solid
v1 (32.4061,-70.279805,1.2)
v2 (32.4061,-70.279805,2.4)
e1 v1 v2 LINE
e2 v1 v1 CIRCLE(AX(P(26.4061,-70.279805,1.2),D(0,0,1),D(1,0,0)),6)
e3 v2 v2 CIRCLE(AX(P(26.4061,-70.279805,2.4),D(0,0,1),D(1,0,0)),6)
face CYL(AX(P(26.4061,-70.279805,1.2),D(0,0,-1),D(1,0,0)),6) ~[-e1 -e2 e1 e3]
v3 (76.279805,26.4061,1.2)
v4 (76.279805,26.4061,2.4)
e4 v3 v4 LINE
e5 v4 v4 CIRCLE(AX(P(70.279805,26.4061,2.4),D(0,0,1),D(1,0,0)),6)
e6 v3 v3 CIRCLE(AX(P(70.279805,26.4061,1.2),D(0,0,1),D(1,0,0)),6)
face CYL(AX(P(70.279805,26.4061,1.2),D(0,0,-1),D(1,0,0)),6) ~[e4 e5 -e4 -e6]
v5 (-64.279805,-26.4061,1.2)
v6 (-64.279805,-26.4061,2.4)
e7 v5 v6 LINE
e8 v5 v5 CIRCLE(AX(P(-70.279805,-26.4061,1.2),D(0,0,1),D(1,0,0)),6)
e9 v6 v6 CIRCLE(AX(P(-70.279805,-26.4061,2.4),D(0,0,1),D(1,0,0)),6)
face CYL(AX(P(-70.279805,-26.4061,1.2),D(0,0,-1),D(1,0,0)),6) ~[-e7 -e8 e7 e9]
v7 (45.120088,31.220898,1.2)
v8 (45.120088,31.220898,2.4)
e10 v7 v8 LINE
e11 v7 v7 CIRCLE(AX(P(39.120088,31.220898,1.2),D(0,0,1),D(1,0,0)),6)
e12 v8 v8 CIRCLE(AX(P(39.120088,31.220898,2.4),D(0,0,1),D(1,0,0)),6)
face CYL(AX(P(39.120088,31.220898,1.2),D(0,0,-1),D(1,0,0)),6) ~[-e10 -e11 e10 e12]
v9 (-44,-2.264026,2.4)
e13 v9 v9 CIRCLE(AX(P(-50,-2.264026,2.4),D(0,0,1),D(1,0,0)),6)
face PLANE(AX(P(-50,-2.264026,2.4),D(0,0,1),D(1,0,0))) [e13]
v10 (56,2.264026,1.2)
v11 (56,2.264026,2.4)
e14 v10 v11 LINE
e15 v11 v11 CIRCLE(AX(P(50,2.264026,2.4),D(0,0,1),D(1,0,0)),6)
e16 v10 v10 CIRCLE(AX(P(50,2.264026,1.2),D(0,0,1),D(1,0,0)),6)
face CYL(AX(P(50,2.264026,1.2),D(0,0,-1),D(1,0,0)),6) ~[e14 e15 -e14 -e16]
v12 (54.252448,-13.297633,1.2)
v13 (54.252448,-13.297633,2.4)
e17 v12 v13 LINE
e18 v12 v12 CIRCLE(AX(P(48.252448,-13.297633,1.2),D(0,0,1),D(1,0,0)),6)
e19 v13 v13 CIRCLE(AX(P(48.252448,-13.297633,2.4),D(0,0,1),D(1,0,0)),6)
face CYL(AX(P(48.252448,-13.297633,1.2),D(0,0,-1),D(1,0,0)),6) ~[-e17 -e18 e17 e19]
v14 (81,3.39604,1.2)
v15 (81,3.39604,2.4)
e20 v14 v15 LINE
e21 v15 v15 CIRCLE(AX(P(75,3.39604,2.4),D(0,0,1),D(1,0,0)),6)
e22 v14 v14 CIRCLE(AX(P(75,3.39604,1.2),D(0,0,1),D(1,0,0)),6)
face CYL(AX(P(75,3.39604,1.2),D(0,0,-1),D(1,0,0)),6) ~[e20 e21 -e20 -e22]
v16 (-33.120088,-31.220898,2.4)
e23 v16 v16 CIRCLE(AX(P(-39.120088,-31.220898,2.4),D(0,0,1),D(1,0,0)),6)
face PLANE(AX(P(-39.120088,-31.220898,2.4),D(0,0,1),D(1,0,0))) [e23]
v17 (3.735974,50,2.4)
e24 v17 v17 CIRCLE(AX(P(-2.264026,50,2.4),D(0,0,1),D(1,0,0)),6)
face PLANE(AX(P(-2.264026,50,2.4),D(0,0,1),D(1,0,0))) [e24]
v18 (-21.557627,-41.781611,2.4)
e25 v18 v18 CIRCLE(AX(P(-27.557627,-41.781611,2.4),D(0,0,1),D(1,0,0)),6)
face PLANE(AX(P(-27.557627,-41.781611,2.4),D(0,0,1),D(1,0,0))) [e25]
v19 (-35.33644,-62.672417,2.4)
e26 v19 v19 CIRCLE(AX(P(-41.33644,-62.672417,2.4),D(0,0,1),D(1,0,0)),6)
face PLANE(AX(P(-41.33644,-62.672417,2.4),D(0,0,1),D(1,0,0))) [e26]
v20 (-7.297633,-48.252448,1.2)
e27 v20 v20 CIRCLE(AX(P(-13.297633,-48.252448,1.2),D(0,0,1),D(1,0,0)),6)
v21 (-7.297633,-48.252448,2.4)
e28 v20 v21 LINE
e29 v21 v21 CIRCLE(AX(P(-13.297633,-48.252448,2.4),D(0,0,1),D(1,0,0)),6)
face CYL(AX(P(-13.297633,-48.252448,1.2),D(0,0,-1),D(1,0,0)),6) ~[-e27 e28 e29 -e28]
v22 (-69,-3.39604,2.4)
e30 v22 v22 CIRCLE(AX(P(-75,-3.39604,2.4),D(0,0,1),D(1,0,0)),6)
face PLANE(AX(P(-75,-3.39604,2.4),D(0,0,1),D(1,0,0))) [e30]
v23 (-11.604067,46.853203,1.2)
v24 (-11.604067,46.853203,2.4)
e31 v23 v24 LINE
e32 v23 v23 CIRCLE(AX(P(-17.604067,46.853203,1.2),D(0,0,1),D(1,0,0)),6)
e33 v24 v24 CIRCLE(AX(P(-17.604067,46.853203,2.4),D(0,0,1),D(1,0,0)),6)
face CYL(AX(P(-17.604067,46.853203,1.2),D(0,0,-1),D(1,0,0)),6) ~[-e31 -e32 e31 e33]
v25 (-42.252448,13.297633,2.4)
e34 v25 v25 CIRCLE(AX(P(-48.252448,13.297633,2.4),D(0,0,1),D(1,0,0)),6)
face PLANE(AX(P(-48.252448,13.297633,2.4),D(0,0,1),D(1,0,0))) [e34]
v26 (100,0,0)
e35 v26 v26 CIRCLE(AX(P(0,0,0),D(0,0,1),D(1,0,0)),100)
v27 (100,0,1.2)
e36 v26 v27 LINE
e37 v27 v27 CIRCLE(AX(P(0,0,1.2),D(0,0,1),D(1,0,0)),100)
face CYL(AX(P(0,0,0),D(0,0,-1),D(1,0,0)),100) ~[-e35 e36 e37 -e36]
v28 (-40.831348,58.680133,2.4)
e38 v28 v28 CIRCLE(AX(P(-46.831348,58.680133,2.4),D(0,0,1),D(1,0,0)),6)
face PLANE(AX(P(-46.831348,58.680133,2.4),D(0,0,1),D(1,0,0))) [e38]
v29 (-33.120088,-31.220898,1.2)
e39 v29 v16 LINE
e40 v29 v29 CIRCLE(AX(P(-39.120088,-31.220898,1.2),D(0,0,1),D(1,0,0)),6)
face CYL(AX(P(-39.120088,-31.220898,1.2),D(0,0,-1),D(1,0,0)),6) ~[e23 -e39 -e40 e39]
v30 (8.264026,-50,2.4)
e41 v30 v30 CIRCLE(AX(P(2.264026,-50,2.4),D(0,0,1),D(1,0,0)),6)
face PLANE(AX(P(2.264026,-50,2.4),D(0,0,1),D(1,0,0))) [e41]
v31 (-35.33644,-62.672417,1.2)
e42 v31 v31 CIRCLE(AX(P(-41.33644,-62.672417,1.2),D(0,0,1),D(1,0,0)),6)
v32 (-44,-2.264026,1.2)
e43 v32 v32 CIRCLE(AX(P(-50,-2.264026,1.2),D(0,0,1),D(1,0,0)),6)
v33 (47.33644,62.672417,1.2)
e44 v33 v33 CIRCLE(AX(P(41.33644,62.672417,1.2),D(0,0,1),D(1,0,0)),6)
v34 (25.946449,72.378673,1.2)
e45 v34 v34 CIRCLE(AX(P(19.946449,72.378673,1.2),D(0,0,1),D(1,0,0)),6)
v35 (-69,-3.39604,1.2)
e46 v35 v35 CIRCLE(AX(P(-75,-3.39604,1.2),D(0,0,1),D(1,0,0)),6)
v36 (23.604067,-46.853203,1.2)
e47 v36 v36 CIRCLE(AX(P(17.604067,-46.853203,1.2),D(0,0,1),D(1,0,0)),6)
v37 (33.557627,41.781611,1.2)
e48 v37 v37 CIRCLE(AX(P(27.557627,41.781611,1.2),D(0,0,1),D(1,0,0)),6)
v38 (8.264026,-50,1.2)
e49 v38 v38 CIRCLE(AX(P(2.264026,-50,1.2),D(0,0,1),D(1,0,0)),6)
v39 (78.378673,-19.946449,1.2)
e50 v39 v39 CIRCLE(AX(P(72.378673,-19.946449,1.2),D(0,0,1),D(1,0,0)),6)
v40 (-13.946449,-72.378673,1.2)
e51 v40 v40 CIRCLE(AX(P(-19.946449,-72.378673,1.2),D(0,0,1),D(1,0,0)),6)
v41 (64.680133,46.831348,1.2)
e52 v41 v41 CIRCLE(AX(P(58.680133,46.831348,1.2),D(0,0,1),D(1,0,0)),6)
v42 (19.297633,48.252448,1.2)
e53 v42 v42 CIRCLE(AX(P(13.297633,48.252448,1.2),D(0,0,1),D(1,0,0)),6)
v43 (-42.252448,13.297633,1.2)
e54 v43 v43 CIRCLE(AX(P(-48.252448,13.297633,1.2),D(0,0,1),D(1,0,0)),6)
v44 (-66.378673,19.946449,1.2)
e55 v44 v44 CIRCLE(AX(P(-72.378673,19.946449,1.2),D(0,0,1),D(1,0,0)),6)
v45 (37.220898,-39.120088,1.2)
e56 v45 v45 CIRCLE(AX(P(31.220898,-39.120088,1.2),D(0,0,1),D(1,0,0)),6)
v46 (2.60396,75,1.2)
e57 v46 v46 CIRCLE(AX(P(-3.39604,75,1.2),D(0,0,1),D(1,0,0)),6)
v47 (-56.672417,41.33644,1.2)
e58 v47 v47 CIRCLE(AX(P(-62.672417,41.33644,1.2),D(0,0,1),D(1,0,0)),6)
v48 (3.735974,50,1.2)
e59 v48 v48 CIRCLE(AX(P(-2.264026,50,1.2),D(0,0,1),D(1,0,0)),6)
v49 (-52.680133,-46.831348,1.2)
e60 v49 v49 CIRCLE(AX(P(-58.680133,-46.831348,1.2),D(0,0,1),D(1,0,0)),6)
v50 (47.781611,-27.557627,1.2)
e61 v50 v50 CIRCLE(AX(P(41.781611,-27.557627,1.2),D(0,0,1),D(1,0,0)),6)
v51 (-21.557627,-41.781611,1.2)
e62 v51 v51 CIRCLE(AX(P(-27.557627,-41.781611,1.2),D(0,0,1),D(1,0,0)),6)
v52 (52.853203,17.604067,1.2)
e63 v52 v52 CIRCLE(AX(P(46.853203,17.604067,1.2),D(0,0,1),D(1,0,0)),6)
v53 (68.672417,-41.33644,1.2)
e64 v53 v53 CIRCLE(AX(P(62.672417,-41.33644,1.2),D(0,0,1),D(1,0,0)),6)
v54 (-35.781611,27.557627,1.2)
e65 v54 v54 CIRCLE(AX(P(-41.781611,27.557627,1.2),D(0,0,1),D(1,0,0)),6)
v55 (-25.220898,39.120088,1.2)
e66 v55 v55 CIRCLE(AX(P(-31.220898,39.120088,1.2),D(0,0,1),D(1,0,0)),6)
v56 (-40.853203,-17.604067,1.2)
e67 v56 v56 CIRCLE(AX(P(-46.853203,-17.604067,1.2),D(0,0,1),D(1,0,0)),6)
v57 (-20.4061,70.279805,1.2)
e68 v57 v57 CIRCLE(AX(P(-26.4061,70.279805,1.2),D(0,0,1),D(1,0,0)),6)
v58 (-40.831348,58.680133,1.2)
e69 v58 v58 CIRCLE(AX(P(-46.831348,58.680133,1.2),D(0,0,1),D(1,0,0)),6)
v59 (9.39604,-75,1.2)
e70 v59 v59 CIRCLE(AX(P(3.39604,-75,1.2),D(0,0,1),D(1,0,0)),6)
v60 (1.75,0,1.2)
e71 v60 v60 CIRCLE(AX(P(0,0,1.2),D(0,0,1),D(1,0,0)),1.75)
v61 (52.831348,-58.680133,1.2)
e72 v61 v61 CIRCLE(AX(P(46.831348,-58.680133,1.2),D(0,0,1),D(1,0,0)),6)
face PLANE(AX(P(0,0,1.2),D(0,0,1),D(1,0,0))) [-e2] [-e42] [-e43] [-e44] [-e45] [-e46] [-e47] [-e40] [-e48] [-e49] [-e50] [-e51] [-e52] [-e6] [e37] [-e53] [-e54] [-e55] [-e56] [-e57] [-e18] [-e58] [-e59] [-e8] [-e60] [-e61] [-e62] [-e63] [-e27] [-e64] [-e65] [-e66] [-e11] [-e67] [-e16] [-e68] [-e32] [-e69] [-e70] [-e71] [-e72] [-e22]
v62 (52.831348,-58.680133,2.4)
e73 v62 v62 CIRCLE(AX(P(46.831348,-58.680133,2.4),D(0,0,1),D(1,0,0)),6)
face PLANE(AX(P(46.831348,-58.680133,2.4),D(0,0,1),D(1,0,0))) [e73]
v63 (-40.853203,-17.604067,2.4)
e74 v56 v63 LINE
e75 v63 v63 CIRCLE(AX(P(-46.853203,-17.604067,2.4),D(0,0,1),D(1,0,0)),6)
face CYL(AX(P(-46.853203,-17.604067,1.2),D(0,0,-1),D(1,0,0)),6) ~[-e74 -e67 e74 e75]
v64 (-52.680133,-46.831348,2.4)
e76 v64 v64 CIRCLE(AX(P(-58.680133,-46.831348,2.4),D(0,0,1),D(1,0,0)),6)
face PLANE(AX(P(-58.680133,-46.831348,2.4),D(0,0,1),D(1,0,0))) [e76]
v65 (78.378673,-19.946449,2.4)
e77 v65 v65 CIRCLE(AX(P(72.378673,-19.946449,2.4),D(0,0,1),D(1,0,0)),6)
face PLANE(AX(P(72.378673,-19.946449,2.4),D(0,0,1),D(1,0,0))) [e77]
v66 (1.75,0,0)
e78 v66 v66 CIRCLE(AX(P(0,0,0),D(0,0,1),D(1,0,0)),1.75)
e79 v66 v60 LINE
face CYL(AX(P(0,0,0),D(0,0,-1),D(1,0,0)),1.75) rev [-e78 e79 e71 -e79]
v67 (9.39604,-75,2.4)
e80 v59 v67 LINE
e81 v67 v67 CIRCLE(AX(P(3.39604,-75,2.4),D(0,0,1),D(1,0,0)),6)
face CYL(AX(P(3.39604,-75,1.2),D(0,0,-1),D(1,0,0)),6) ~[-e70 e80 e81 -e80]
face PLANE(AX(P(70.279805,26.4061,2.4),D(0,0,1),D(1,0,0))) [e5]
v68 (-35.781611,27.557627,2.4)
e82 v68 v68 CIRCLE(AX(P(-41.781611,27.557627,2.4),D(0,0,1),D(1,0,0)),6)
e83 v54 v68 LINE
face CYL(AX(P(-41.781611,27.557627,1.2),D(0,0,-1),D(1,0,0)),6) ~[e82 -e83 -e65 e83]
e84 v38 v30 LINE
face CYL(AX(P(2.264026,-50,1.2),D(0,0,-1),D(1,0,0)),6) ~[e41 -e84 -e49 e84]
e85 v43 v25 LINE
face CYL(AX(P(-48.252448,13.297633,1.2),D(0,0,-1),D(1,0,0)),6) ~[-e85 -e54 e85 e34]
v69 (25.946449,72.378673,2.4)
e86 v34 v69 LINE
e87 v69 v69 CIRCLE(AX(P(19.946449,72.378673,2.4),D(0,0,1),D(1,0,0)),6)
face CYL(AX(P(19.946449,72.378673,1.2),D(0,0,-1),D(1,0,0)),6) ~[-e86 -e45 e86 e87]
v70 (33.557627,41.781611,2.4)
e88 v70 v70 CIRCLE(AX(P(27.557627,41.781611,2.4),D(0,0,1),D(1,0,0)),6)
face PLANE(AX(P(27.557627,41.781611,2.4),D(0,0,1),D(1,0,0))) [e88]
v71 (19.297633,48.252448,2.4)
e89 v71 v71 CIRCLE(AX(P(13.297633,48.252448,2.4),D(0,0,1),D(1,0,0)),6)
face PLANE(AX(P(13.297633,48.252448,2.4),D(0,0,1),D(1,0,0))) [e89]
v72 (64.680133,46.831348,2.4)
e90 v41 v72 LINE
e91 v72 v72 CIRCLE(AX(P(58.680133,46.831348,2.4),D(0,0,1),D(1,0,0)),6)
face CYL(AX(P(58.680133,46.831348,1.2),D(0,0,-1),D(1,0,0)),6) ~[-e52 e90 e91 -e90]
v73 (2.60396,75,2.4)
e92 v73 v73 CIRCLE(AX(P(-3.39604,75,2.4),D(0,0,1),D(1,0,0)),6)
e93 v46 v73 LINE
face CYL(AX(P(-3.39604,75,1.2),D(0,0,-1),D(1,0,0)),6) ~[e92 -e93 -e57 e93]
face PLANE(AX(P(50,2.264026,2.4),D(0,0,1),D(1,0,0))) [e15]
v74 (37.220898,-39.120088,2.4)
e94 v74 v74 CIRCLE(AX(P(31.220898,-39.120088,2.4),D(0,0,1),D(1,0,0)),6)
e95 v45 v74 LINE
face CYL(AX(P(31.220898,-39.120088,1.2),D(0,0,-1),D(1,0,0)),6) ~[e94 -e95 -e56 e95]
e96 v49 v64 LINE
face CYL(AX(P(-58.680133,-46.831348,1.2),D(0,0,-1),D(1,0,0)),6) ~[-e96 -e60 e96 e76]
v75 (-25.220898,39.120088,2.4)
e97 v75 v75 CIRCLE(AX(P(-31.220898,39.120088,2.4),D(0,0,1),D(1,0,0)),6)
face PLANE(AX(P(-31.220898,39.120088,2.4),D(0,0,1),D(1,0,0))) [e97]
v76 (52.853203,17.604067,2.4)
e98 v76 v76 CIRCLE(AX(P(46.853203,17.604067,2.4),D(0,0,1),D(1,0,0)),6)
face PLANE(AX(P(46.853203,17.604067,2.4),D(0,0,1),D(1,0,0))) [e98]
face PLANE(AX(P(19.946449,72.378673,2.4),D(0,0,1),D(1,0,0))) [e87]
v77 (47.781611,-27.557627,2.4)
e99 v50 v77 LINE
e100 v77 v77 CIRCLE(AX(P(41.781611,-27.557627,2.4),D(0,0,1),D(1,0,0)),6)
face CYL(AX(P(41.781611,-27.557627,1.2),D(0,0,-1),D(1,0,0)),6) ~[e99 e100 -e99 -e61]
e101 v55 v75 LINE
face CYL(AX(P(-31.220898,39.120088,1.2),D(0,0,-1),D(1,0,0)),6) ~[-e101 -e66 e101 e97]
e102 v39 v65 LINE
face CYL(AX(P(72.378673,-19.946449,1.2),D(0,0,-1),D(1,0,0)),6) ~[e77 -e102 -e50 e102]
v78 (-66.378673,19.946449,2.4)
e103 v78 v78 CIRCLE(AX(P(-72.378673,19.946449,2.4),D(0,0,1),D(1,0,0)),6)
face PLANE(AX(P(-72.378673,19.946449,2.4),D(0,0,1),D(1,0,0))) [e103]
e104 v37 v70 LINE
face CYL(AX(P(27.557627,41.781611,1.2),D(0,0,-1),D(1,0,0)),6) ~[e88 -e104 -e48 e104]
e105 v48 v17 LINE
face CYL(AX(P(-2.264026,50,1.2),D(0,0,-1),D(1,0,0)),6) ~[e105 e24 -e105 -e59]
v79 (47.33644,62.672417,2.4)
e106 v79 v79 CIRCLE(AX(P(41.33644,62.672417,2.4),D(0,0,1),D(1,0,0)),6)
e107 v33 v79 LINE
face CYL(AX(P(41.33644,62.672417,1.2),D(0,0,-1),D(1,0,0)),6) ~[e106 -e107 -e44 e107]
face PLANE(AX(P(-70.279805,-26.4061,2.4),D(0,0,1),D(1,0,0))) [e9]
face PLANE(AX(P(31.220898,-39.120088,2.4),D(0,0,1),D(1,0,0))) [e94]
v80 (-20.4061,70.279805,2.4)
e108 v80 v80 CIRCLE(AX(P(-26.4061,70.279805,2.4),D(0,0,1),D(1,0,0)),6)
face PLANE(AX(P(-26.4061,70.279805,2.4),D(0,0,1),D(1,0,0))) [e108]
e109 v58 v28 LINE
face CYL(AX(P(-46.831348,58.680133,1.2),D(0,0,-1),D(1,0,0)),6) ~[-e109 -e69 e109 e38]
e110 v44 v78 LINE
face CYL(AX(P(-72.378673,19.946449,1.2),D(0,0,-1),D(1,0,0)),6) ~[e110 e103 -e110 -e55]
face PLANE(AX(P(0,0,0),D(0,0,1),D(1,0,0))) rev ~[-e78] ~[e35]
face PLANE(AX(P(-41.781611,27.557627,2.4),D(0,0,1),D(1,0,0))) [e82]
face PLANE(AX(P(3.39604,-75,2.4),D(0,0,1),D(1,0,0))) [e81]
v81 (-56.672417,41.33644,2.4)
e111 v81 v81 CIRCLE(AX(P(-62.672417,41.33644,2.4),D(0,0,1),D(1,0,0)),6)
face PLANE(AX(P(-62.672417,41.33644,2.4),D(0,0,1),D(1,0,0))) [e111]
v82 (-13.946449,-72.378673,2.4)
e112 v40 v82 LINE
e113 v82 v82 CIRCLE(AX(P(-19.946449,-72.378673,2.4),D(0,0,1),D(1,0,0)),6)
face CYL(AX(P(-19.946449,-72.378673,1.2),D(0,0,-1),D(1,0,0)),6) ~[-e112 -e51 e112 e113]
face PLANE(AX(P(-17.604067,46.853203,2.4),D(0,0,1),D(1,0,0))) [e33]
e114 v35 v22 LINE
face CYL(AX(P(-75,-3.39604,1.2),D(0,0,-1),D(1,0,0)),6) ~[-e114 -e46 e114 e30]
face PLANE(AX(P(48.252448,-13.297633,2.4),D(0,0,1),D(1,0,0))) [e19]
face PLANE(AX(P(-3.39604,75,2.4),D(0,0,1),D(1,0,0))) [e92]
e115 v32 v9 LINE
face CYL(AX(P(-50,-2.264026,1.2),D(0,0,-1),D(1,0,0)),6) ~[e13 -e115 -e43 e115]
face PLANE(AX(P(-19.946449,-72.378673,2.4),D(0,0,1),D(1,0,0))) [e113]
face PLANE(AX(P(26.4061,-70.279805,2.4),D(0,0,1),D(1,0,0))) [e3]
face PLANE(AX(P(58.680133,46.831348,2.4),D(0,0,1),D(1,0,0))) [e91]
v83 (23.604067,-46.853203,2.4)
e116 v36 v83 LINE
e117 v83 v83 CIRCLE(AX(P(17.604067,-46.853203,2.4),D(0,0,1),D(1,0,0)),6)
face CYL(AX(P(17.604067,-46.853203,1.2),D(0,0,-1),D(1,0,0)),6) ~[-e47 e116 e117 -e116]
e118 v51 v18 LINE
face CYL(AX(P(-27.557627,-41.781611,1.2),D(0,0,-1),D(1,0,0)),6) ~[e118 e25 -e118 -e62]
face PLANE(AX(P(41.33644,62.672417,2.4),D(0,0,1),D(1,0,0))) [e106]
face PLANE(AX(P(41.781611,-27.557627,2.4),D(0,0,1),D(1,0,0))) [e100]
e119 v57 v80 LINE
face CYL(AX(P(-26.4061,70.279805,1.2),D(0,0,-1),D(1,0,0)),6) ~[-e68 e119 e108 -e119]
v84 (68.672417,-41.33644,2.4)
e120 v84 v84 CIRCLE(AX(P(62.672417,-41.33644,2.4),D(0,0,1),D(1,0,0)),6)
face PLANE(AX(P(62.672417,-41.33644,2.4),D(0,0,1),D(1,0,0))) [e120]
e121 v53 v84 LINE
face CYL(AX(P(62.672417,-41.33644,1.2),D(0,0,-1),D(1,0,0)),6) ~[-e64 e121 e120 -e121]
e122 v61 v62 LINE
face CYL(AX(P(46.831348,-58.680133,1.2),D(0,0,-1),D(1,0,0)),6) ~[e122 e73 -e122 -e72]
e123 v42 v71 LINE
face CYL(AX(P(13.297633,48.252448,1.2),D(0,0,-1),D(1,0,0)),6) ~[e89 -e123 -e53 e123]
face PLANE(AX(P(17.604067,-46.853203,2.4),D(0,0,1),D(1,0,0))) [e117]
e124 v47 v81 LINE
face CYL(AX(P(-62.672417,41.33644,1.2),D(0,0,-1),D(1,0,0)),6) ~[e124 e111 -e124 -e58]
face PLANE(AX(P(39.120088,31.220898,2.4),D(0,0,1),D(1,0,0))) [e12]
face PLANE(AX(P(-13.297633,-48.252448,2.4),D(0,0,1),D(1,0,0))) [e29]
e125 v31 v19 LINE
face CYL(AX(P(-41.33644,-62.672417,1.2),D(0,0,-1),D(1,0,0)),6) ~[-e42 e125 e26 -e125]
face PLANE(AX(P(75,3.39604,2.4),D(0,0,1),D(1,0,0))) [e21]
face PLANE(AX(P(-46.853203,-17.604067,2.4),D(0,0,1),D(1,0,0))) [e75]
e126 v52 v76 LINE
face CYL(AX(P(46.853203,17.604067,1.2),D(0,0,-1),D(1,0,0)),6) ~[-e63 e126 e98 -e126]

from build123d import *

# Parameters (mm, degrees)
SKETCH1_R           = 100
SKETCH1_R_2         = 1.75
BOSS_EXTRUDE1_DEPTH = 1.2
SKETCH2_R           = 6
BOSS_EXTRUDE2_DEPTH = 1.2


with BuildPart() as part:
    # Sketch1 → Boss-Extrude1 (new body)
    with BuildSketch(Plane.XY):
        Circle(SKETCH1_R)
        Circle(SKETCH1_R_2, mode=Mode.SUBTRACT)
    extrude(amount=BOSS_EXTRUDE1_DEPTH)

    # Sketch2 → Boss-Extrude2 (add)
    with BuildSketch(Plane.XY.offset(1.2)):
        with Locations((-3.396039654, 75)):
            Circle(SKETCH2_R)
        with Locations((19.946448935, 72.378672689)):
            Circle(SKETCH2_R)
        with Locations((41.336440128, 62.672416603)):
            Circle(SKETCH2_R)
        with Locations((58.680132553, 46.831347716)):
            Circle(SKETCH2_R)
        with Locations((70.279804755, 26.406100221)):
            Circle(SKETCH2_R)
        with Locations((75, 3.396039654)):
            Circle(SKETCH2_R)
        with Locations((72.378672689, -19.946448935)):
            Circle(SKETCH2_R)
        with Locations((62.672416603, -41.336440128)):
            Circle(SKETCH2_R)
        with Locations((46.831347716, -58.680132553)):
            Circle(SKETCH2_R)
        with Locations((26.406100221, -70.279804755)):
            Circle(SKETCH2_R)
        with Locations((3.396039654, -75)):
            Circle(SKETCH2_R)
        with Locations((-19.946448935, -72.378672689)):
            Circle(SKETCH2_R)
        with Locations((-41.336440128, -62.672416603)):
            Circle(SKETCH2_R)
        with Locations((-58.680132553, -46.831347716)):
            Circle(SKETCH2_R)
        with Locations((-70.279804755, -26.406100221)):
            Circle(SKETCH2_R)
        with Locations((-75, -3.396039654)):
            Circle(SKETCH2_R)
        with Locations((-72.378672689, 19.946448935)):
            Circle(SKETCH2_R)
        with Locations((-62.672416603, 41.336440128)):
            Circle(SKETCH2_R)
        with Locations((-46.831347716, 58.680132553)):
            Circle(SKETCH2_R)
        with Locations((-26.406100221, 70.279804755)):
            Circle(SKETCH2_R)
        with Locations((-2.264026436, 50)):
            Circle(SKETCH2_R)
        with Locations((13.297632623, 48.252448459)):
            Circle(SKETCH2_R)
        with Locations((27.557626752, 41.781611069)):
            Circle(SKETCH2_R)
        with Locations((39.120088369, 31.220898477)):
            Circle(SKETCH2_R)
        with Locations((46.85320317, 17.604066814)):
            Circle(SKETCH2_R)
        with Locations((50, 2.264026436)):
            Circle(SKETCH2_R)
        with Locations((48.252448459, -13.297632623)):
            Circle(SKETCH2_R)
        with Locations((41.781611069, -27.557626752)):
            Circle(SKETCH2_R)
        with Locations((31.220898477, -39.120088369)):
            Circle(SKETCH2_R)
        with Locations((17.604066814, -46.85320317)):
            Circle(SKETCH2_R)
        with Locations((2.264026436, -50)):
            Circle(SKETCH2_R)
        with Locations((-13.297632623, -48.252448459)):
            Circle(SKETCH2_R)
        with Locations((-27.557626752, -41.781611069)):
            Circle(SKETCH2_R)
        with Locations((-39.120088369, -31.220898477)):
            Circle(SKETCH2_R)
        with Locations((-46.85320317, -17.604066814)):
            Circle(SKETCH2_R)
        with Locations((-50, -2.264026436)):
            Circle(SKETCH2_R)
        with Locations((-48.252448459, 13.297632623)):
            Circle(SKETCH2_R)
        with Locations((-41.781611069, 27.557626752)):
            Circle(SKETCH2_R)
        with Locations((-31.220898477, 39.120088369)):
            Circle(SKETCH2_R)
        with Locations((-17.604066814, 46.85320317)):
            Circle(SKETCH2_R)
    extrude(amount=BOSS_EXTRUDE2_DEPTH)


solid = part.part
